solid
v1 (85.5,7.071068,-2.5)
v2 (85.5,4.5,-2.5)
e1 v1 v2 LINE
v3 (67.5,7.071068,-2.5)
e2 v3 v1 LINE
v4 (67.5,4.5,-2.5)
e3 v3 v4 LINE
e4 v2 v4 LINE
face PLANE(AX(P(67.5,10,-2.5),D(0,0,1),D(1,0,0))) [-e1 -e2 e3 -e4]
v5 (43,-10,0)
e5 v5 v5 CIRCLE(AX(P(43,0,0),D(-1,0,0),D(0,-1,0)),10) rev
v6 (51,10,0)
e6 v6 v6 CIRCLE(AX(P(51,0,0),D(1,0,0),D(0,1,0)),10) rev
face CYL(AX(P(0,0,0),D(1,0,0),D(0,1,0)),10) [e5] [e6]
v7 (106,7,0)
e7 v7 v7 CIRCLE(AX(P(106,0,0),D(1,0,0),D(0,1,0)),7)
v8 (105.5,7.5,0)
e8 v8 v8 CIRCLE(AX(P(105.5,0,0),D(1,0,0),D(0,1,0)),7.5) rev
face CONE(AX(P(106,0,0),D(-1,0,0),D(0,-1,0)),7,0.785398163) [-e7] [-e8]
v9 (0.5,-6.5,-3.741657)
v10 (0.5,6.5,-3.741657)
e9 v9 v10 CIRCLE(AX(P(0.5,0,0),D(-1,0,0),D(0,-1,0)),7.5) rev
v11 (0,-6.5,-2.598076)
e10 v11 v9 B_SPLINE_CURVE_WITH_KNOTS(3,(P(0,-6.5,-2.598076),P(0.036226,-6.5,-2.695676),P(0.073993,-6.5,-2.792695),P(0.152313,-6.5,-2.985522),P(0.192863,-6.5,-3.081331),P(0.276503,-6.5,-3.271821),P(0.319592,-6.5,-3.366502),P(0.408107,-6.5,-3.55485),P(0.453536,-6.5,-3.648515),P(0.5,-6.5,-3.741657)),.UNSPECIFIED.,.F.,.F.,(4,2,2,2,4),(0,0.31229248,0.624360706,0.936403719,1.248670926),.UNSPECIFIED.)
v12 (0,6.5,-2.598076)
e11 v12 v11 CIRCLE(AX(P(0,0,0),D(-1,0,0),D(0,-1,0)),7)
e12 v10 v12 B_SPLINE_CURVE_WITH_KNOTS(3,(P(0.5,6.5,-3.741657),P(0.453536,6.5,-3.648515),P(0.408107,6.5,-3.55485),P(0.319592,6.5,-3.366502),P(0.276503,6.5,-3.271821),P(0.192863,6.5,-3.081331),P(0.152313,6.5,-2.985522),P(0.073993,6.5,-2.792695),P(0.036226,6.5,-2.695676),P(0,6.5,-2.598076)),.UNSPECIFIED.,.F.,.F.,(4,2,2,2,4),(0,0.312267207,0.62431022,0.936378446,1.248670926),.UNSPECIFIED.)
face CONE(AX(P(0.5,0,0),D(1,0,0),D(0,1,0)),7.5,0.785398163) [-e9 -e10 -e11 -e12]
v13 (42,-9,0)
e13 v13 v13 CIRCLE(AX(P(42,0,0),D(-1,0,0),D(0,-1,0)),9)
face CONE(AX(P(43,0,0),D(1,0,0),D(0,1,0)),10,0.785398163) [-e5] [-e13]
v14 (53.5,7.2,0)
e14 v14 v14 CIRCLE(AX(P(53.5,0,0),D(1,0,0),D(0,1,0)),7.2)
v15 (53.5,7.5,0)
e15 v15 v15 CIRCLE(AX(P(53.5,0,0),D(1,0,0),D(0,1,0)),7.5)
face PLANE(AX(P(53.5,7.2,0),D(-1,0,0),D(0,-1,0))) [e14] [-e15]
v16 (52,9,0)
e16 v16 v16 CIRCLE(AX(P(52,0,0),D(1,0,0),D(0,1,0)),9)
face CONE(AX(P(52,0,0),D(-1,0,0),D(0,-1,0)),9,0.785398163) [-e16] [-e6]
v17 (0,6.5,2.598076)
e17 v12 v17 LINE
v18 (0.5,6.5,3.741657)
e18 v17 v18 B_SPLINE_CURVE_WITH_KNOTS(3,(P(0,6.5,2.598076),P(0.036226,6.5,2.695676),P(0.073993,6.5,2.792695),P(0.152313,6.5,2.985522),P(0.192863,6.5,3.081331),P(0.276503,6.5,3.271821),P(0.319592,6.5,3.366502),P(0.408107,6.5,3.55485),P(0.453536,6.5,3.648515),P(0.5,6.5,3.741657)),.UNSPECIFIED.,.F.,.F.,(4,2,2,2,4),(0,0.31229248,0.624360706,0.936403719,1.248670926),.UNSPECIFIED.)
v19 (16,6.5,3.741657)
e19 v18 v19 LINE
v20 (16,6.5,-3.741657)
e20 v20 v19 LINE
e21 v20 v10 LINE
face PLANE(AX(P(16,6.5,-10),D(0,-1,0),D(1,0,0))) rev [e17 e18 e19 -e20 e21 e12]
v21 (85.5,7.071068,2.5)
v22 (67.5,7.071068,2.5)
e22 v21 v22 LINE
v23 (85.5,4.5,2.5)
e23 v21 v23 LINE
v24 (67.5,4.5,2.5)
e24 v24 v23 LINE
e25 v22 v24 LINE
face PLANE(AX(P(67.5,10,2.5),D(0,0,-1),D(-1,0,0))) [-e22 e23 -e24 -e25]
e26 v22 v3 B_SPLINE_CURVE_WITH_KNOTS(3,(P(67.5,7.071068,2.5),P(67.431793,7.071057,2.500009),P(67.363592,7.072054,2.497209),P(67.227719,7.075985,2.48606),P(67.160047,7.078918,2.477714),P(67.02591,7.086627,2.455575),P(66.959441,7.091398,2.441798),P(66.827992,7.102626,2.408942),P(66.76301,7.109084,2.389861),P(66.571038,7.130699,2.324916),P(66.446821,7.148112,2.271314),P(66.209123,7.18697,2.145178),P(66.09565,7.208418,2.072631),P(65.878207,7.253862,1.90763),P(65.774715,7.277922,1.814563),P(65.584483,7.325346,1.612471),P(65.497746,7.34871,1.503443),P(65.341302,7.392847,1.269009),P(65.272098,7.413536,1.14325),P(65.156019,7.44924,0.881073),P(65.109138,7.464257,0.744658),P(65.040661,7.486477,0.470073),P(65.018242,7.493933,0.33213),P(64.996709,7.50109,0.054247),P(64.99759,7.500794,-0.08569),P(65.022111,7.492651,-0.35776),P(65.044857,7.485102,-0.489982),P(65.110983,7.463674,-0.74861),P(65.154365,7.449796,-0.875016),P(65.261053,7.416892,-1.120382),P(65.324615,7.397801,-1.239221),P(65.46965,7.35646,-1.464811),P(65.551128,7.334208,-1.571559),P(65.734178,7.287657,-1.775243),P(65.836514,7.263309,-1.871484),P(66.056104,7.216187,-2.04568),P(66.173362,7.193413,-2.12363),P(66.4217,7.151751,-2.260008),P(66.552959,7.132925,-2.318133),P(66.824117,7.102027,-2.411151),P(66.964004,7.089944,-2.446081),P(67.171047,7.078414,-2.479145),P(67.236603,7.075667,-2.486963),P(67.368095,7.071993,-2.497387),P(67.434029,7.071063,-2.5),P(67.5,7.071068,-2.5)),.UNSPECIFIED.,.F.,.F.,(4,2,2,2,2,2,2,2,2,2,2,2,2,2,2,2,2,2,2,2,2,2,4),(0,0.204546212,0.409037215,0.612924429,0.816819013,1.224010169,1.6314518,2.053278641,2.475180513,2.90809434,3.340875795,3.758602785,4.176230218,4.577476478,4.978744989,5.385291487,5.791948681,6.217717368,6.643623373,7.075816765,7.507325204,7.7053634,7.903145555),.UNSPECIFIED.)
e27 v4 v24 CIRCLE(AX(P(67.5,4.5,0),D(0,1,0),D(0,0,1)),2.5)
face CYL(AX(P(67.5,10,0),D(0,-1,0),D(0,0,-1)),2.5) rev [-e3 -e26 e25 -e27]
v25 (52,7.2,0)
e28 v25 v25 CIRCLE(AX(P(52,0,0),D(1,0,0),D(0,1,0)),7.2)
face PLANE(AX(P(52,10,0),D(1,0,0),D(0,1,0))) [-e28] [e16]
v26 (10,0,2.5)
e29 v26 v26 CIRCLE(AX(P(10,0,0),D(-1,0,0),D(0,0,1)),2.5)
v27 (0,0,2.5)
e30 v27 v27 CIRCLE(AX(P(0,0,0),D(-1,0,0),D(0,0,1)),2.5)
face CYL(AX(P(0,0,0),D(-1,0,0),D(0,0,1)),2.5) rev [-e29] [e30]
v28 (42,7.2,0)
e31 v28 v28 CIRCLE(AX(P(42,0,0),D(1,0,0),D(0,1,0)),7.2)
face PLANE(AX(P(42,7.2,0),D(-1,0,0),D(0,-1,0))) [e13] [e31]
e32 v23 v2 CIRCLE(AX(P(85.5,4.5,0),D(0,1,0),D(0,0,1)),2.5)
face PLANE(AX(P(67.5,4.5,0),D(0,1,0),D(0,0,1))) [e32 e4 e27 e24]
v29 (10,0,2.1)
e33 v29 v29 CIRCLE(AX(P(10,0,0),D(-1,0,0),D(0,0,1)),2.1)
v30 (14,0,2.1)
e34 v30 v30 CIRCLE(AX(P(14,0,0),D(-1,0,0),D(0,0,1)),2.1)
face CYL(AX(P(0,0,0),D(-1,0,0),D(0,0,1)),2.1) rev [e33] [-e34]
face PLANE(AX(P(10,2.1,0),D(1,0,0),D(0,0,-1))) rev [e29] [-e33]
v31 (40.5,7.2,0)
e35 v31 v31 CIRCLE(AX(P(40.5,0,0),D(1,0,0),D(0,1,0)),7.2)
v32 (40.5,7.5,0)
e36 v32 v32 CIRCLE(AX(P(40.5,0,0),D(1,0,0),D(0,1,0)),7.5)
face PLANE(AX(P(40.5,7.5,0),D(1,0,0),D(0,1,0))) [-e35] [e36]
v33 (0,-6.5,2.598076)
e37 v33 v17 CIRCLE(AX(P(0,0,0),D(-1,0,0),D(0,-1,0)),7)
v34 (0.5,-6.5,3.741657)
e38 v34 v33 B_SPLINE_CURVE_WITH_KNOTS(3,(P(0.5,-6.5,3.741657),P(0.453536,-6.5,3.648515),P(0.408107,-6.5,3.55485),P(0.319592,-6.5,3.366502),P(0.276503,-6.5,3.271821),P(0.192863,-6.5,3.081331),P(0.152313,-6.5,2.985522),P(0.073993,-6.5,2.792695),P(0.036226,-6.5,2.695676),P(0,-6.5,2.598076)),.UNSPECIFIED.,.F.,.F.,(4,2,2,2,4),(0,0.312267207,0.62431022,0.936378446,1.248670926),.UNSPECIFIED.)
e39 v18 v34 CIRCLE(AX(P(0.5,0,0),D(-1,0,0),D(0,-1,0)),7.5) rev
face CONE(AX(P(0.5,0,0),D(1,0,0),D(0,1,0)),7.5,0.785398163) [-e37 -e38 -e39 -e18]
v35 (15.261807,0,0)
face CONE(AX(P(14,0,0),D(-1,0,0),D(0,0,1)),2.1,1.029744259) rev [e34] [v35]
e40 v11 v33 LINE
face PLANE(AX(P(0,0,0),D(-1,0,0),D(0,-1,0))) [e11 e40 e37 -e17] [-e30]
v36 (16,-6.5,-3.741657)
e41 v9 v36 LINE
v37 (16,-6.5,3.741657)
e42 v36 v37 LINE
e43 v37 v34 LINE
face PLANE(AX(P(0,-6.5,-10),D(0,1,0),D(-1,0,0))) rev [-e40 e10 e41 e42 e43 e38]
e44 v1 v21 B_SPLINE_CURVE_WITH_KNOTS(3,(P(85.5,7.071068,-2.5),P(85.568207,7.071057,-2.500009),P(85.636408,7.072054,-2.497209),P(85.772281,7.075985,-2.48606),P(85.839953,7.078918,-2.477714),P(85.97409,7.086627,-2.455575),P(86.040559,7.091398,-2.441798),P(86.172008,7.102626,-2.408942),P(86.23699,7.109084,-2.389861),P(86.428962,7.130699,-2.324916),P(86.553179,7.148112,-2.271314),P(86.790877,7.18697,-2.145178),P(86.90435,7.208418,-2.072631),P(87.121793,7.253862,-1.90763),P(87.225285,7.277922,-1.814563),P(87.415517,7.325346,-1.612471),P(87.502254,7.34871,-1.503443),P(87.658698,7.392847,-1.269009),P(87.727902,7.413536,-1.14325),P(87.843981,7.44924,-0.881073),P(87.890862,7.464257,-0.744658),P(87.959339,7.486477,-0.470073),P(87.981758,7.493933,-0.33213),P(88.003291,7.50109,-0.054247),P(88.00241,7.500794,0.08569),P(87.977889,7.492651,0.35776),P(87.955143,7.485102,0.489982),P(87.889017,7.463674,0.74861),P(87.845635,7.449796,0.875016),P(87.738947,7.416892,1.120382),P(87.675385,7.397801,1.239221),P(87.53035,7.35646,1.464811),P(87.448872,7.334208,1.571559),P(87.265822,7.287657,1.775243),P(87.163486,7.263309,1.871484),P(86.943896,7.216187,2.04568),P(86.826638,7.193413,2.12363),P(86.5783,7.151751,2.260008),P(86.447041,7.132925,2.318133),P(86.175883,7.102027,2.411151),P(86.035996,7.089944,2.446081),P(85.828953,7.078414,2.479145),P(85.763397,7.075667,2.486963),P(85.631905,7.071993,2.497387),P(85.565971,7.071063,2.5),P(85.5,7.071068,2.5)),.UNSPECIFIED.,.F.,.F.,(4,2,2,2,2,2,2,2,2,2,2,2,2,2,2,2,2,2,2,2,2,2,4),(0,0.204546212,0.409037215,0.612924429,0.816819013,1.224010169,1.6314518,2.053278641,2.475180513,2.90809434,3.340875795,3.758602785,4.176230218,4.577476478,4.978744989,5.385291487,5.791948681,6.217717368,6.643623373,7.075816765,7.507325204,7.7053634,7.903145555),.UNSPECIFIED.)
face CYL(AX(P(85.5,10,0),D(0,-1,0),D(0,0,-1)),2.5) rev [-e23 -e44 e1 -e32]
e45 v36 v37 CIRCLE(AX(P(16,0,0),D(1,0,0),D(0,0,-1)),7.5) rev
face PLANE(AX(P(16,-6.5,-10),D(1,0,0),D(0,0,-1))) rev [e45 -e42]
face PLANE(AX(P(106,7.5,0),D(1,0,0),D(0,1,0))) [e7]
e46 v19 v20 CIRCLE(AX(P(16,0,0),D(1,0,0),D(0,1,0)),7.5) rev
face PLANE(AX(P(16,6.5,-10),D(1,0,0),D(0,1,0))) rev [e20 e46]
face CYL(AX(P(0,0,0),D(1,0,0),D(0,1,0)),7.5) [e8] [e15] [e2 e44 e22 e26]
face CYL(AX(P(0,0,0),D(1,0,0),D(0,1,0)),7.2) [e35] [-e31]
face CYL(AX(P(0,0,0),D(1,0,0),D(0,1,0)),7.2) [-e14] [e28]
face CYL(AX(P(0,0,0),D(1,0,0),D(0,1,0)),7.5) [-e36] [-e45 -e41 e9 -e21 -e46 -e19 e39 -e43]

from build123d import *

# Parameters (mm, degrees)
CUT_EXTRUDE_1_DEPTH      = 107.939235082
CUT_EXTRUDE_1_DEPTH_BACK = 107.939235082
SKETCH_3_W               = 16
SKETCH_3_H               = 3.5
CUT_EXTRUDE_START        = 4.5
CUT_EXTRUDE_2_DEPTH      = 103.439235082
M5X0_8_1_D               = 4.2
M5X0_8_1_DEPTH           = 14
M5X0_8_1_CBORE_D         = 5
M5X0_8_1_CBORE_DEPTH     = 10
M5X0_8_1_TIP             = 1.2618073
CHAMFER_1_SIZE           = 1
CHAMFER_2_SIZE           = 0.5


with BuildPart() as part:
    # ｽｹｯﾁ5 → 回転1 (revolve)
    with BuildSketch(Plane.XY):
        Polygon((0, 0), (0, 7.5), (40.5, 7.5), (40.5, 7.2), (42, 7.2), (42, 10), (52, 10), (52, 7.2), (53.5, 7.2), (53.5, 7.5), (106, 7.5), (106, 0), align=None)
    revolve(axis=Axis((0, 0, 0), (-1, 0, 0)))

    # ｽｹｯﾁ3 → ｶｯﾄ - 押し出し1 (cut, two sides: drawn at the far end of the back side and taken through both)
    with BuildSketch(Plane.XY.offset(-CUT_EXTRUDE_1_DEPTH_BACK)):
        with Locations((8, 8.25)):
            Rectangle(SKETCH_3_W, SKETCH_3_H)
        with Locations((8, -8.25)):
            Rectangle(SKETCH_3_W, SKETCH_3_H)
    extrude(amount=CUT_EXTRUDE_1_DEPTH + CUT_EXTRUDE_1_DEPTH_BACK, mode=Mode.SUBTRACT)

    # ｽｹｯﾁ4 → ｶｯﾄ - 押し出し2 (cut, through all)
    with BuildSketch(Plane(origin=(0, 0, 0), x_dir=(1, 0, 0), z_dir=(0, 1, 0)).offset(CUT_EXTRUDE_START)):
        with BuildLine():
            Line((67.5, 2.5), (85.5, 2.5))
            ThreePointArc((85.5, 2.5), (88, 0), (85.5, -2.5))
            Line((85.5, -2.5), (67.5, -2.5))
            ThreePointArc((67.5, -2.5), (65, 0), (67.5, 2.5))
        make_face()
    extrude(amount=CUT_EXTRUDE_2_DEPTH, mode=Mode.SUBTRACT)

    # M5x0.8 ねじ穴1
    with Locations(Plane(origin=(0, 0, 0), x_dir=(0, -1, 0), z_dir=(-1, 0, 0))):
        with Locations((0, 0)):
            CounterBoreHole(M5X0_8_1_D / 2, M5X0_8_1_CBORE_D / 2, M5X0_8_1_CBORE_DEPTH, depth=M5X0_8_1_DEPTH)
            with Locations((0, 0, -(M5X0_8_1_DEPTH + M5X0_8_1_TIP / 2))):  # 118° drill point
                Cone(0, M5X0_8_1_D / 2, M5X0_8_1_TIP, mode=Mode.SUBTRACT)

    # 面取り1
    chamfer_1_edges = [part.edges().sort_by_distance(p)[0] for p in [
        (52, -10, 0),
        (42, -10, 0),
    ]]
    chamfer(chamfer_1_edges, length=CHAMFER_1_SIZE)

    # 面取り2
    chamfer_2_edges = [part.edges().sort_by_distance(p)[0] for p in [
        (0, 0, 7.5),
        (0, 0, -7.5),
        (106, -7.5, 0),
    ]]
    chamfer(chamfer_2_edges, length=CHAMFER_2_SIZE)


solid = part.part
